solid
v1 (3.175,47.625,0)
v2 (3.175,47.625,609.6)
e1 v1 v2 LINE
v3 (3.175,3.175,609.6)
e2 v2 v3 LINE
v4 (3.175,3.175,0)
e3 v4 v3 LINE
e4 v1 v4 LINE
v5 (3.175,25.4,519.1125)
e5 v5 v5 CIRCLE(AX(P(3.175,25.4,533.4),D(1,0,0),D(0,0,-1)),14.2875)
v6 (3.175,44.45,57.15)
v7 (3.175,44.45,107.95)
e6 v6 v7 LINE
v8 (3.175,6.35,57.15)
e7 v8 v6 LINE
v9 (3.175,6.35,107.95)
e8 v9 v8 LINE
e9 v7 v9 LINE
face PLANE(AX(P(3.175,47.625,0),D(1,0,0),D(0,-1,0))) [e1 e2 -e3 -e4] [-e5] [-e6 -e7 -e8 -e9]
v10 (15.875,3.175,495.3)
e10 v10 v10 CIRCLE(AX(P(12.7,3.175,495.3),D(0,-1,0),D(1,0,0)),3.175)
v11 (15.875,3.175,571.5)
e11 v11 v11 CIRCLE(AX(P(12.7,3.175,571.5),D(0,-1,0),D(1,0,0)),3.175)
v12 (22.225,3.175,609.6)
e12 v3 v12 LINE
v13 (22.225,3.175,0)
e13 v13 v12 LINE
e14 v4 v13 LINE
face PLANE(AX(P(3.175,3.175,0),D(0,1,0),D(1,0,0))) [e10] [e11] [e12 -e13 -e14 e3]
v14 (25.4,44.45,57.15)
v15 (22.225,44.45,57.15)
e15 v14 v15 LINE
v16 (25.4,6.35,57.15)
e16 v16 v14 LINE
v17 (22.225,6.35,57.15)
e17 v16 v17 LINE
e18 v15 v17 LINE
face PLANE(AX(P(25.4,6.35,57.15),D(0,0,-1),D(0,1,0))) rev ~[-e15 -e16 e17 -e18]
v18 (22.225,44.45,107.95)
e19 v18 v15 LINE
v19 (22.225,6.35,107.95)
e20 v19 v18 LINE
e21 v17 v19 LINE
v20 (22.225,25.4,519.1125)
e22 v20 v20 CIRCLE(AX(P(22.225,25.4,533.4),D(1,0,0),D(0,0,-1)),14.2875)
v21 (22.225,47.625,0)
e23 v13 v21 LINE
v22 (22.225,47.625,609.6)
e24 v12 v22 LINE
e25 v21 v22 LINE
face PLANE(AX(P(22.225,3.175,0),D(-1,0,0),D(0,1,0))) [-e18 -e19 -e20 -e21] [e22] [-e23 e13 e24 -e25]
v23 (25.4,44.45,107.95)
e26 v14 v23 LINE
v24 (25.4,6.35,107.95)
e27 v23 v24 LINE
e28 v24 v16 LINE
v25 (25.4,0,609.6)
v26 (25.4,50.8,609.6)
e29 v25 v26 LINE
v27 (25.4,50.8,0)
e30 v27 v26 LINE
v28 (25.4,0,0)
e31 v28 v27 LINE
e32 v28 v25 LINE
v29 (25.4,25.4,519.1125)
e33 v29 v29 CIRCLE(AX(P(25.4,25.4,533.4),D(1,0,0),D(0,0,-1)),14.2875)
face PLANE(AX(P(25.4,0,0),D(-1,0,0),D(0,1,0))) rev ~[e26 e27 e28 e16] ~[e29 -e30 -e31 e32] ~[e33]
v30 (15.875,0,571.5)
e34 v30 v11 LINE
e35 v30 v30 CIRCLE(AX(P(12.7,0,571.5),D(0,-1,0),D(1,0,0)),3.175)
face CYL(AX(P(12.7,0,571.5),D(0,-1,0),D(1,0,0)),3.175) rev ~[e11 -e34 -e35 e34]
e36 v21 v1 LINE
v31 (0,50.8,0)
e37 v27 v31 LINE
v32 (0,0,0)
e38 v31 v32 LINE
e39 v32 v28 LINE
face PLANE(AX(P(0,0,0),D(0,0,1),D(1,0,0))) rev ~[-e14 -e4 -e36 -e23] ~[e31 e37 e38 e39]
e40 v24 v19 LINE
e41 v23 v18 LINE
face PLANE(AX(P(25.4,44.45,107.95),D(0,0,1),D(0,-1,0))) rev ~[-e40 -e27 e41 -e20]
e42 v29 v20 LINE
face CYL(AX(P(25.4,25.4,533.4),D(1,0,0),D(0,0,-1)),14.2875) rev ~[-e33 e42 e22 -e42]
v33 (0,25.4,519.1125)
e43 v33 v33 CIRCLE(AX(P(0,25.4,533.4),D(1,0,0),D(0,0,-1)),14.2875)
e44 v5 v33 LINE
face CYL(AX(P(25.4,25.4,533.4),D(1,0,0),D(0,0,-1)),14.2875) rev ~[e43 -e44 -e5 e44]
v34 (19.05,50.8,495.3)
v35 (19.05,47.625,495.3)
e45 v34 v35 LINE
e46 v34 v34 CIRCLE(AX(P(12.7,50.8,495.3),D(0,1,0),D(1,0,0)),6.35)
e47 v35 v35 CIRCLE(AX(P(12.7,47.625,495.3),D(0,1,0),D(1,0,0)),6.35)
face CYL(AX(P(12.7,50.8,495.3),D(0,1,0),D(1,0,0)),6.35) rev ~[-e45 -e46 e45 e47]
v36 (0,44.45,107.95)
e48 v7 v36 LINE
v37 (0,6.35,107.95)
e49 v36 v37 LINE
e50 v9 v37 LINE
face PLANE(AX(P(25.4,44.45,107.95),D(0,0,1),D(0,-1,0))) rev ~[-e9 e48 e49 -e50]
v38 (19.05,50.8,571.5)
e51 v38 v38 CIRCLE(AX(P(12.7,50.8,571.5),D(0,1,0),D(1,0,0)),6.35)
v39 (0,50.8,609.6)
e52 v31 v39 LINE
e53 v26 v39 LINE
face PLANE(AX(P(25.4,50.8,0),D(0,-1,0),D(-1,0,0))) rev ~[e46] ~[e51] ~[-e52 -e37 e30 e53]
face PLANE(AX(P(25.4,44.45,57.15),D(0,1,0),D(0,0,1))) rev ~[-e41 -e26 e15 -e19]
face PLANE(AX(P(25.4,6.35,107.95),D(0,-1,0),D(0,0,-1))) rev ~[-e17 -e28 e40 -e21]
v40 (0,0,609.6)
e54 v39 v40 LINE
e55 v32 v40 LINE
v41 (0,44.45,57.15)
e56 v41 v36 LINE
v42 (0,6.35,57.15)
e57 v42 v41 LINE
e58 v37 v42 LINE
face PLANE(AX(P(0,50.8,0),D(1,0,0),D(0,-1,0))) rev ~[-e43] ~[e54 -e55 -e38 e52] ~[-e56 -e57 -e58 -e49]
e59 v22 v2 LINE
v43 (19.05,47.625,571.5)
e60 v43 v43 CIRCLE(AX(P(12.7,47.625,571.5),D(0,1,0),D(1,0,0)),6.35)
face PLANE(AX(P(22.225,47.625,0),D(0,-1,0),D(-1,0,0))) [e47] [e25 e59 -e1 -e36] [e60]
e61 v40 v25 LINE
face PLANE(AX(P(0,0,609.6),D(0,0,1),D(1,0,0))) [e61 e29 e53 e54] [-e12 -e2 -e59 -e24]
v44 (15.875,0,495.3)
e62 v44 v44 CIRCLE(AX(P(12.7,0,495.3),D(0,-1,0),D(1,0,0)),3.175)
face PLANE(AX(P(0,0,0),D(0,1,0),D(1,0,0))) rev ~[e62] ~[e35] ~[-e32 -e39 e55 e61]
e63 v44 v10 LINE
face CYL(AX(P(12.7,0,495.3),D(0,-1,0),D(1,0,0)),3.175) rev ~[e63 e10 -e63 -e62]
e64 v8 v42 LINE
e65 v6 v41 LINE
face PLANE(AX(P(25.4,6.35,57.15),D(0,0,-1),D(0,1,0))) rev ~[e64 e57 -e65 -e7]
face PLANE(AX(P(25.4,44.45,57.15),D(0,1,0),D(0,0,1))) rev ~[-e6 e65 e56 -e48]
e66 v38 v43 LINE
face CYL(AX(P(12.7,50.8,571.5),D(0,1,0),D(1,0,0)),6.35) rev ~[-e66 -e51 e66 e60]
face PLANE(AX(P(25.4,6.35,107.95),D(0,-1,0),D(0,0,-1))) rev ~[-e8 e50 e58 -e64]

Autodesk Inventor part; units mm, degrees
ref_plane "YZ Plane" through (0, 0, 0) normal (1, 0, 0) x (0, 1, 0)
ref_plane "XZ Plane" through (0, 0, 0) normal (0, 1, 0) x (-1, 0, 0)
ref_plane "XY Plane" through (0, 0, 0) normal (0, 0, 1) x (1, 0, 0)
sketch "Sketch1" plane through (0, 0, 0) normal (0, 0, 1) x (1, 0, 0)
  line L0 (0, 0) -> (25.4, 0)
  line L1 (25.4, 0) -> (25.4, 50.8)
  line L2 (25.4, 50.8) -> (0, 50.8)
  line L3 (0, 50.8) -> (0, 0)
  line L4 (3.175, 3.175) -> (22.225, 3.175)
  line L5 (22.225, 3.175) -> (22.225, 47.625)
  line L6 (22.225, 47.625) -> (3.175, 47.625)
  line L7 (3.175, 47.625) -> (3.175, 3.175)
  dimension "d0" = 25.4
  dimension "d1" = 50.8
  dimension "d2" = 19.05
  dimension "d3" = 44.45
  dimension "d4" = 3.175
  dimension "d5" = 3.175
extrude "Extrusion1" add sketch "Sketch1" along normal blind 609.6
sketch "Sketch2" plane through (25.4, 0, 0) normal (1, 0, 0) x (0, 0, -1)
  line L0 (-609.6, 50.8) -> (-609.6, 0) projected
  line L1 (0, 0) -> (0, 50.8) projected
  line L2 (-57.15, 44.45) -> (-107.95, 44.45)
  line L3 (-107.95, 44.45) -> (-107.95, 6.35)
  line L4 (-107.95, 6.35) -> (-57.15, 6.35)
  line L5 (-57.15, 6.35) -> (-57.15, 44.45)
  line L6 (0, 0) -> (-609.6, 0) projected
  line L7 (0, 25.4) -> (0, 0)
  circle A0 centre (-533.4, 25.4) radius 14.2875
  dimension "d12" = 57.15
  dimension "d21" = 107.95
  dimension "d29" = 50.8
  dimension "d32" = 38.1
  dimension "d33" = 6.35
  dimension "d64" = 28.575
  dimension "d65" = 76.2
  dimension "d66" = 25.4
extrude "Extrusion2" cut sketch "Sketch2" against normal through all
sketch "Sketch5" plane through (0, 0, 0) normal (0, -1, 0) x (1, 0, 0)
  line L0 (25.4, 609.6) -> (0, 609.6) projected
  line L1 (25.4, 0) -> (25.4, 609.6) projected
  circle A0 centre (12.7, 571.5) radius 3.175
  circle A1 centre (12.7, 495.3) radius 3.175
  dimension "d53" = 38.1
  dimension "d54" = 76.2
  dimension "d55" = 12.7
  dimension "d56" = 12.7
  dimension "d57" = 6.35
extrude "Extrusion5" cut sketch "Sketch5" against normal through all
sketch "Sketch6" plane through (0, 50.8, 0) normal (0, 1, 0) x (1, 0, 0)
  circle A0 centre (12.7, -495.3) radius 3.175 projected
  circle A1 centre (12.7, -571.5) radius 3.175 projected
  circle A2 centre (12.7, -495.3) radius 6.35
  circle A3 centre (12.7, -571.5) radius 6.35
  dimension "d60" = 12.7
  dimension "d61" = 12.7
extrude "Extrusion6" cut sketch "Sketch6" against normal up to next
properties part number "FrameSideRail" material "Aluminum-6061"
